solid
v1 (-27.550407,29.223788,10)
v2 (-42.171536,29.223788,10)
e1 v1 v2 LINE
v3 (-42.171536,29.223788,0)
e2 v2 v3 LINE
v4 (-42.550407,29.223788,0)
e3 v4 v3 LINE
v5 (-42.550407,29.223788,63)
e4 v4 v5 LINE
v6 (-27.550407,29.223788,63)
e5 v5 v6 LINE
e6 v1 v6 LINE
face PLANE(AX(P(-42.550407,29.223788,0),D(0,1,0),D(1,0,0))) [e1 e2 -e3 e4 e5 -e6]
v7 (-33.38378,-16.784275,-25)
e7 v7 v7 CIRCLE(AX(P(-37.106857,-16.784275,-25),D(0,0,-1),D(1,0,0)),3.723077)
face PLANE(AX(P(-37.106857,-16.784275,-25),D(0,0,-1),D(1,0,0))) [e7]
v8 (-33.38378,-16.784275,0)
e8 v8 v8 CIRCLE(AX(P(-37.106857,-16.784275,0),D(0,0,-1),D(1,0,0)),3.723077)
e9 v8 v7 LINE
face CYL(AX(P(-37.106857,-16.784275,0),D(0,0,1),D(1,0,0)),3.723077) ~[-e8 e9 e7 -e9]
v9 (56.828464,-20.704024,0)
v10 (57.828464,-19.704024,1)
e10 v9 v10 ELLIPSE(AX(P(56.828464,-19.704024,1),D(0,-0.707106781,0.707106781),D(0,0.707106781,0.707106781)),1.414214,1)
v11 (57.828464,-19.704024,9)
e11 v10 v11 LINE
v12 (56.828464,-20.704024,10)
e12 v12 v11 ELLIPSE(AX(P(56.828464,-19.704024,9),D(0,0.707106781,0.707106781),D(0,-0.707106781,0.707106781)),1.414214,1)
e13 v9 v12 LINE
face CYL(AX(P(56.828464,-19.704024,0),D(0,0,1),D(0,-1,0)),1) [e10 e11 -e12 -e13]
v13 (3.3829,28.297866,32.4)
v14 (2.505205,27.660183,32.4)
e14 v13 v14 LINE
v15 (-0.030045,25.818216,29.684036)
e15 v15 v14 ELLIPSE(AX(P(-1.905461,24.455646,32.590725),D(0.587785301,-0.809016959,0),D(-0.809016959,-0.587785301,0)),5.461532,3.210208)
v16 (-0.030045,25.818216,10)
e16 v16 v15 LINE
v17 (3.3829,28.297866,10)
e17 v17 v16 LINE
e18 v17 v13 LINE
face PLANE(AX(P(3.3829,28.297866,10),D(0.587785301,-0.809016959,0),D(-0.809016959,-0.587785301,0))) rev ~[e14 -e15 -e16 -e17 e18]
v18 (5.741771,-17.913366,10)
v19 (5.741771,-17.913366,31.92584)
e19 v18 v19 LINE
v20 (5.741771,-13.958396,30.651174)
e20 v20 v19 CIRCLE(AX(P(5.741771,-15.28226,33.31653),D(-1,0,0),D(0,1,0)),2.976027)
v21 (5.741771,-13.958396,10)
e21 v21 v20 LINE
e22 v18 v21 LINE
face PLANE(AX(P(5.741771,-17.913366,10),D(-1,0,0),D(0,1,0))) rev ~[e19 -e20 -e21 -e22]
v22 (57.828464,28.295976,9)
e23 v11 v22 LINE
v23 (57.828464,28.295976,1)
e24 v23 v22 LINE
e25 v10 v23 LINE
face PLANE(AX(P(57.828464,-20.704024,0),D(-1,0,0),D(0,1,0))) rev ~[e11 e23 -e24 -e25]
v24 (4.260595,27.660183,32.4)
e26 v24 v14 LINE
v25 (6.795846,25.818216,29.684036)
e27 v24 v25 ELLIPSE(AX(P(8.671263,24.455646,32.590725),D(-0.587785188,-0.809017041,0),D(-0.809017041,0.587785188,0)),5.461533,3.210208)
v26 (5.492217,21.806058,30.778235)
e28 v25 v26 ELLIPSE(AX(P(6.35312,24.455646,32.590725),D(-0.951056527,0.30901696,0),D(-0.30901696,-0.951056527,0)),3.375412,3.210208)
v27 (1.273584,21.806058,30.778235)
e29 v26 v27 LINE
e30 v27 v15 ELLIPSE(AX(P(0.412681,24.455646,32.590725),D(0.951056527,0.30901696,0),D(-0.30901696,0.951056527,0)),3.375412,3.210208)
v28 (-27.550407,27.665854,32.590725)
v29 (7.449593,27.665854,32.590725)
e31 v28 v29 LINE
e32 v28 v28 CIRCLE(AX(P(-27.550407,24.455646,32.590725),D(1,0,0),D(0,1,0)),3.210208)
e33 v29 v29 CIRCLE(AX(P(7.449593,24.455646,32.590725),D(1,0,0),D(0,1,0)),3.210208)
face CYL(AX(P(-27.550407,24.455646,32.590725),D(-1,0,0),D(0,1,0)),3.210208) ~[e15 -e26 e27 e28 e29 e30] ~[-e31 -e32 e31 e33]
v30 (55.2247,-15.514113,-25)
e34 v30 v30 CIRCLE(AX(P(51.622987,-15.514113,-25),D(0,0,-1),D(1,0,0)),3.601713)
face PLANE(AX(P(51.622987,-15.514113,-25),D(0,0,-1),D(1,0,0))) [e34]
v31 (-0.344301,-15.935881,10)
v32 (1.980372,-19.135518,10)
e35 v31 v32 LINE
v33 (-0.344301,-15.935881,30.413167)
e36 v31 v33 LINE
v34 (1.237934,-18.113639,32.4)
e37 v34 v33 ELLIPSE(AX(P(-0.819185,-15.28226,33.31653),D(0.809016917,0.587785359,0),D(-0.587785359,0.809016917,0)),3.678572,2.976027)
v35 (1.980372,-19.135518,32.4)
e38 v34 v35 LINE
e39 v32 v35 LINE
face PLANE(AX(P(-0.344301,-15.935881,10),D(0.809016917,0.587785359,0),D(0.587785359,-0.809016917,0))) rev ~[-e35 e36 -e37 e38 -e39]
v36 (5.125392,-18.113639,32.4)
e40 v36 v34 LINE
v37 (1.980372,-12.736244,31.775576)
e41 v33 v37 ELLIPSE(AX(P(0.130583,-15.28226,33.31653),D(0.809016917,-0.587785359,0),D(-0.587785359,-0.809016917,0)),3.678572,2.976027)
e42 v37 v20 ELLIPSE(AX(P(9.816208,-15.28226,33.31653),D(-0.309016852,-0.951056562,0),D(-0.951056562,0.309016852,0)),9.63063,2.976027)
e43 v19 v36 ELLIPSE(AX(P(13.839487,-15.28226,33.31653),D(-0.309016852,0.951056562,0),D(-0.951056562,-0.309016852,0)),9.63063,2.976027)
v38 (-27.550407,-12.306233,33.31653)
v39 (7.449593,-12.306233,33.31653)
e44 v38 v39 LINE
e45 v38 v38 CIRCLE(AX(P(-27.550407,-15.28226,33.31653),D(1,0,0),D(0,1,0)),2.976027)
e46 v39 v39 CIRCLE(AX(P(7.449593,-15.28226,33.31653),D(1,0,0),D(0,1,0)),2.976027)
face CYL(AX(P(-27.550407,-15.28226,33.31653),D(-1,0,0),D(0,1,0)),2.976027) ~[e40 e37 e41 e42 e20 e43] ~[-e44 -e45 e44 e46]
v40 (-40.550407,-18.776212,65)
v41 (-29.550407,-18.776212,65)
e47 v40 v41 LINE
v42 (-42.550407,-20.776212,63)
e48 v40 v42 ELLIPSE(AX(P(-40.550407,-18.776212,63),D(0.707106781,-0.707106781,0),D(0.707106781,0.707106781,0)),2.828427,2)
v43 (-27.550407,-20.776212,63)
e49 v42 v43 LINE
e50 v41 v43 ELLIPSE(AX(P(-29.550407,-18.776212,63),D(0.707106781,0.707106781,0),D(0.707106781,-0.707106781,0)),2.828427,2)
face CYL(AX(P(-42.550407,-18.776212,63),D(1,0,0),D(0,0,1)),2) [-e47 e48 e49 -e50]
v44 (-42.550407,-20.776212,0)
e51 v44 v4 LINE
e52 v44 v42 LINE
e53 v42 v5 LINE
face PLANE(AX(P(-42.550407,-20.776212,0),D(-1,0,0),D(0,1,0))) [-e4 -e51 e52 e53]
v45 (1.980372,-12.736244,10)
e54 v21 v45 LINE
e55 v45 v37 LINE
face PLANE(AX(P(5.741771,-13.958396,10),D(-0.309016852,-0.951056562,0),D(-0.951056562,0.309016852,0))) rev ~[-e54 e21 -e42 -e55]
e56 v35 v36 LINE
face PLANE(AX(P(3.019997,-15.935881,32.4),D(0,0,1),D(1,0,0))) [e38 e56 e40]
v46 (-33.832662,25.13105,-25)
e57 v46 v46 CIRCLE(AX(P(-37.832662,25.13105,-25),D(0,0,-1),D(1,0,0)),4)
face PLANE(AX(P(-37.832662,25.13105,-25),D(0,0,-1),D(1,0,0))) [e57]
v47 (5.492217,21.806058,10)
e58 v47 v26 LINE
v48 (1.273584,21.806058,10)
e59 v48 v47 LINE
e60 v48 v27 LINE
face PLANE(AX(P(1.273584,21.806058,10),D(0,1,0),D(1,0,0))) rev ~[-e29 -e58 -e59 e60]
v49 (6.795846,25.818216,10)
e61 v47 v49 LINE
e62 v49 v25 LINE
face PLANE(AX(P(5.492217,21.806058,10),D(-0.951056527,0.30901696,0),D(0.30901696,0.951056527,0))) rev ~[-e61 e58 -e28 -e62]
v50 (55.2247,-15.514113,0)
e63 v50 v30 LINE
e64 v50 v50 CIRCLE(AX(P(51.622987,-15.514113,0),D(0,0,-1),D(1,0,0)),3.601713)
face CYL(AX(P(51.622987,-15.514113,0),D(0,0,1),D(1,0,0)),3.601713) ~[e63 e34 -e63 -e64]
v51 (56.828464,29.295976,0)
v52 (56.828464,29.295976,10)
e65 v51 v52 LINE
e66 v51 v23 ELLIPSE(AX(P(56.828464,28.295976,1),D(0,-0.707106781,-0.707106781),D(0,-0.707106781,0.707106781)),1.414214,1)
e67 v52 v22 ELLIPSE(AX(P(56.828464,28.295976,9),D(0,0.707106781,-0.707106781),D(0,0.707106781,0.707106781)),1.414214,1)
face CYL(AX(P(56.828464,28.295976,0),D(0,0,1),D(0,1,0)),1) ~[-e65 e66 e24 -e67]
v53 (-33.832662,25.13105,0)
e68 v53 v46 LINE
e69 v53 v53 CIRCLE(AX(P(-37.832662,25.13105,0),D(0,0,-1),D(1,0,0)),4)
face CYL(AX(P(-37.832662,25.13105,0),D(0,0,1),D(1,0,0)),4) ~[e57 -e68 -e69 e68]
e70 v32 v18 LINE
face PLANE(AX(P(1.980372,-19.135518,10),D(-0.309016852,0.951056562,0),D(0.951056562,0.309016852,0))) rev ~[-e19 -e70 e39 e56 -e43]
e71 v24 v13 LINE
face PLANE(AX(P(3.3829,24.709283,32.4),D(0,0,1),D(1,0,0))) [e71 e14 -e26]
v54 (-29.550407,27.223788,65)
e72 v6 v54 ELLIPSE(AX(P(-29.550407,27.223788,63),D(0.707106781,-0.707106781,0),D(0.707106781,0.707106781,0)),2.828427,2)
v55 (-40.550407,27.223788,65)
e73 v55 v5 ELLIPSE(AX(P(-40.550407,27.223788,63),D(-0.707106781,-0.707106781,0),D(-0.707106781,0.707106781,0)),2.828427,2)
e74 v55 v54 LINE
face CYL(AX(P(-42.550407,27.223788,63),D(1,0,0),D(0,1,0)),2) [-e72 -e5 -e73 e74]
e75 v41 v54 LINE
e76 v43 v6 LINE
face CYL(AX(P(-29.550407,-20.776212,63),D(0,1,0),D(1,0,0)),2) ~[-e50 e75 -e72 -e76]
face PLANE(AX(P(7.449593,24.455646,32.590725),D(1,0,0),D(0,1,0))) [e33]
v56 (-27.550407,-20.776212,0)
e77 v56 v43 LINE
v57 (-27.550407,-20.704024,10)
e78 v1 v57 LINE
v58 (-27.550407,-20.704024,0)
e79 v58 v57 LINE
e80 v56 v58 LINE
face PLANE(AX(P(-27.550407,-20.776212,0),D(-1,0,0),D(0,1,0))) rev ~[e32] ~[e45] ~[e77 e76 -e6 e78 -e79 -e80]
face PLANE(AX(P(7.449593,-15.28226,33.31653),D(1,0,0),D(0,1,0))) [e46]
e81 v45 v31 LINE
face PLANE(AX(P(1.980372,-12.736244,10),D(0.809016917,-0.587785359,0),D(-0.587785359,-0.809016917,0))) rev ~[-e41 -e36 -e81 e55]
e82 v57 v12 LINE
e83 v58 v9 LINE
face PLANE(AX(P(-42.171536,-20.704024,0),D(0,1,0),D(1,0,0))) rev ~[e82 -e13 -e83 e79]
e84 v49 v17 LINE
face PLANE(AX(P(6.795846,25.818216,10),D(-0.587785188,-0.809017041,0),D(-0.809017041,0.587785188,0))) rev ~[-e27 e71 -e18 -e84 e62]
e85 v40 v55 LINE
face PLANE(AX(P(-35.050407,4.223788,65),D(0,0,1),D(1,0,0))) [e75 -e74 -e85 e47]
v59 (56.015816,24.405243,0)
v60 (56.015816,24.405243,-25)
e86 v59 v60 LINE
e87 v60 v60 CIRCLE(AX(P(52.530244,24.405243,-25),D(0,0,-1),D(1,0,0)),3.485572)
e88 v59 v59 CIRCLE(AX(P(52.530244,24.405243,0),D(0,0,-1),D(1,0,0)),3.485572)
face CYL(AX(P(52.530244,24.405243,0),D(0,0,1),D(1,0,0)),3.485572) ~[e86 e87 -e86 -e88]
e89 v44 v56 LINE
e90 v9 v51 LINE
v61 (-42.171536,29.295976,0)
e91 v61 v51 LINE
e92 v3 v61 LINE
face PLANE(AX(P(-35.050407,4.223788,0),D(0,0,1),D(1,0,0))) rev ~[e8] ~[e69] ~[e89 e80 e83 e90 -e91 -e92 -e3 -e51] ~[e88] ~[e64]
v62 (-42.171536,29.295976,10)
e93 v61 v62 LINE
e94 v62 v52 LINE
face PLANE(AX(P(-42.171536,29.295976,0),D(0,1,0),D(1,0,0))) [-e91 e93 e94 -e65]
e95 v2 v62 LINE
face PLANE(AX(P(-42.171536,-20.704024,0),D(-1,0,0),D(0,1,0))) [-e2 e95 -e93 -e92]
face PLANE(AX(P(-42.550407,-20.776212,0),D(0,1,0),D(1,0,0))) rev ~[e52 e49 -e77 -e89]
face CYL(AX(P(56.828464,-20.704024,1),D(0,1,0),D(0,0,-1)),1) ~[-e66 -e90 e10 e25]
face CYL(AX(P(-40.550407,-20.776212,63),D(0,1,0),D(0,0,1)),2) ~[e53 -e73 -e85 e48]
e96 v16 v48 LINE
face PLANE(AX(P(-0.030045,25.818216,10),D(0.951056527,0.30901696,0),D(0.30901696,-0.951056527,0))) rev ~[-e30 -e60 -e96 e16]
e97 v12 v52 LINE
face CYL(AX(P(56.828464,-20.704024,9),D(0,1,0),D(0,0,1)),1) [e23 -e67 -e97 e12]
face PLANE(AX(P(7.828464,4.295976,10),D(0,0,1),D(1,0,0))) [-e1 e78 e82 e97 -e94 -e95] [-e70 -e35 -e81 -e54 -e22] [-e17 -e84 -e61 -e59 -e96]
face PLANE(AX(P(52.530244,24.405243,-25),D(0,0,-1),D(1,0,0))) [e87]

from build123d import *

# Parameters (mm, degrees)
F0_W     = 100
F0_H     = 50
F1_DEPTH = 10
F2_R     = 3.601713
F2_R_2   = 3.485572
F2_R_3   = 3.723077
F2_R_4   = 4
F3_DEPTH = 25
F4_W     = 15
F4_H     = 50
F5_DEPTH = 65
F6_R     = 2.976027
F6_R_2   = 3.210208
F7_DEPTH = 35
F9_DEPTH = 22.4
F10_R    = 2
F11_R    = 1


with BuildPart() as f1:
    # F0 (on Top) → F1 (new body)
    with BuildSketch(Plane.XY):
        with Locations((7.828464, 4.295976)):
            Rectangle(F0_W, F0_H)
    extrude(amount=F1_DEPTH)

    # F2 (on face) → F3 (join)
    with BuildSketch(Plane(origin=(0, 0, 0), x_dir=(1, 0, 0), z_dir=(0, 0, -1))):
        with Locations((51.622987, 15.514113)):
            Circle(F2_R)
        with Locations((52.530244, -24.405243)):
            Circle(F2_R_2)
        with Locations((-37.106857, 16.784275)):
            Circle(F2_R_3)
        with Locations((-37.832662, -25.13105)):
            Circle(F2_R_4)
    extrude(amount=F3_DEPTH)

    # F4 (on Top) → F5 (join)
    with BuildSketch(Plane.XY):
        with Locations((-35.050407, 4.223788)):
            Rectangle(F4_W, F4_H)
    extrude(amount=F5_DEPTH)

    # F6 (on face) → F7 (join)
    with BuildSketch(Plane.YZ.offset(-27.550407)):
        with Locations((-15.28226, 33.31653)):
            Circle(F6_R)
        with Locations((24.455646, 32.590725)):
            Circle(F6_R_2)
    extrude(amount=F7_DEPTH)

    # F8 (on face) → F9 (join)
    with BuildSketch(Plane.XY.offset(10)):
        Polygon((5.741771, -17.913366), (5.741771, -13.958396), (1.980372, -12.736244), (-0.344301, -15.935881), (1.980372, -19.135518), align=None)
        Polygon((1.273584, 21.806058), (5.492217, 21.806058), (6.795846, 25.818216), (3.3829, 28.297866), (-0.030045, 25.818216), align=None)
    extrude(amount=F9_DEPTH)

    # F10
    f10_edges = [f1.edges().sort_by_distance(p)[0] for p in [
        (-42.550407, 4.223788, 65),
        (-35.050407, -20.776212, 65),
        (-27.550407, 4.223788, 65),
        (-35.050407, 29.223788, 65),
    ]]
    fillet(f10_edges, radius=F10_R)

    # F11
    f11_edges = [f1.edges().sort_by_distance(p)[0] for p in [
        (57.828464, -20.704024, 5),
        (57.828464, 29.295976, 5),
        (57.828464, 4.295976, 0),
        (57.828464, 4.295976, 10),
    ]]
    fillet(f11_edges, radius=F11_R)


solid = f1.part
